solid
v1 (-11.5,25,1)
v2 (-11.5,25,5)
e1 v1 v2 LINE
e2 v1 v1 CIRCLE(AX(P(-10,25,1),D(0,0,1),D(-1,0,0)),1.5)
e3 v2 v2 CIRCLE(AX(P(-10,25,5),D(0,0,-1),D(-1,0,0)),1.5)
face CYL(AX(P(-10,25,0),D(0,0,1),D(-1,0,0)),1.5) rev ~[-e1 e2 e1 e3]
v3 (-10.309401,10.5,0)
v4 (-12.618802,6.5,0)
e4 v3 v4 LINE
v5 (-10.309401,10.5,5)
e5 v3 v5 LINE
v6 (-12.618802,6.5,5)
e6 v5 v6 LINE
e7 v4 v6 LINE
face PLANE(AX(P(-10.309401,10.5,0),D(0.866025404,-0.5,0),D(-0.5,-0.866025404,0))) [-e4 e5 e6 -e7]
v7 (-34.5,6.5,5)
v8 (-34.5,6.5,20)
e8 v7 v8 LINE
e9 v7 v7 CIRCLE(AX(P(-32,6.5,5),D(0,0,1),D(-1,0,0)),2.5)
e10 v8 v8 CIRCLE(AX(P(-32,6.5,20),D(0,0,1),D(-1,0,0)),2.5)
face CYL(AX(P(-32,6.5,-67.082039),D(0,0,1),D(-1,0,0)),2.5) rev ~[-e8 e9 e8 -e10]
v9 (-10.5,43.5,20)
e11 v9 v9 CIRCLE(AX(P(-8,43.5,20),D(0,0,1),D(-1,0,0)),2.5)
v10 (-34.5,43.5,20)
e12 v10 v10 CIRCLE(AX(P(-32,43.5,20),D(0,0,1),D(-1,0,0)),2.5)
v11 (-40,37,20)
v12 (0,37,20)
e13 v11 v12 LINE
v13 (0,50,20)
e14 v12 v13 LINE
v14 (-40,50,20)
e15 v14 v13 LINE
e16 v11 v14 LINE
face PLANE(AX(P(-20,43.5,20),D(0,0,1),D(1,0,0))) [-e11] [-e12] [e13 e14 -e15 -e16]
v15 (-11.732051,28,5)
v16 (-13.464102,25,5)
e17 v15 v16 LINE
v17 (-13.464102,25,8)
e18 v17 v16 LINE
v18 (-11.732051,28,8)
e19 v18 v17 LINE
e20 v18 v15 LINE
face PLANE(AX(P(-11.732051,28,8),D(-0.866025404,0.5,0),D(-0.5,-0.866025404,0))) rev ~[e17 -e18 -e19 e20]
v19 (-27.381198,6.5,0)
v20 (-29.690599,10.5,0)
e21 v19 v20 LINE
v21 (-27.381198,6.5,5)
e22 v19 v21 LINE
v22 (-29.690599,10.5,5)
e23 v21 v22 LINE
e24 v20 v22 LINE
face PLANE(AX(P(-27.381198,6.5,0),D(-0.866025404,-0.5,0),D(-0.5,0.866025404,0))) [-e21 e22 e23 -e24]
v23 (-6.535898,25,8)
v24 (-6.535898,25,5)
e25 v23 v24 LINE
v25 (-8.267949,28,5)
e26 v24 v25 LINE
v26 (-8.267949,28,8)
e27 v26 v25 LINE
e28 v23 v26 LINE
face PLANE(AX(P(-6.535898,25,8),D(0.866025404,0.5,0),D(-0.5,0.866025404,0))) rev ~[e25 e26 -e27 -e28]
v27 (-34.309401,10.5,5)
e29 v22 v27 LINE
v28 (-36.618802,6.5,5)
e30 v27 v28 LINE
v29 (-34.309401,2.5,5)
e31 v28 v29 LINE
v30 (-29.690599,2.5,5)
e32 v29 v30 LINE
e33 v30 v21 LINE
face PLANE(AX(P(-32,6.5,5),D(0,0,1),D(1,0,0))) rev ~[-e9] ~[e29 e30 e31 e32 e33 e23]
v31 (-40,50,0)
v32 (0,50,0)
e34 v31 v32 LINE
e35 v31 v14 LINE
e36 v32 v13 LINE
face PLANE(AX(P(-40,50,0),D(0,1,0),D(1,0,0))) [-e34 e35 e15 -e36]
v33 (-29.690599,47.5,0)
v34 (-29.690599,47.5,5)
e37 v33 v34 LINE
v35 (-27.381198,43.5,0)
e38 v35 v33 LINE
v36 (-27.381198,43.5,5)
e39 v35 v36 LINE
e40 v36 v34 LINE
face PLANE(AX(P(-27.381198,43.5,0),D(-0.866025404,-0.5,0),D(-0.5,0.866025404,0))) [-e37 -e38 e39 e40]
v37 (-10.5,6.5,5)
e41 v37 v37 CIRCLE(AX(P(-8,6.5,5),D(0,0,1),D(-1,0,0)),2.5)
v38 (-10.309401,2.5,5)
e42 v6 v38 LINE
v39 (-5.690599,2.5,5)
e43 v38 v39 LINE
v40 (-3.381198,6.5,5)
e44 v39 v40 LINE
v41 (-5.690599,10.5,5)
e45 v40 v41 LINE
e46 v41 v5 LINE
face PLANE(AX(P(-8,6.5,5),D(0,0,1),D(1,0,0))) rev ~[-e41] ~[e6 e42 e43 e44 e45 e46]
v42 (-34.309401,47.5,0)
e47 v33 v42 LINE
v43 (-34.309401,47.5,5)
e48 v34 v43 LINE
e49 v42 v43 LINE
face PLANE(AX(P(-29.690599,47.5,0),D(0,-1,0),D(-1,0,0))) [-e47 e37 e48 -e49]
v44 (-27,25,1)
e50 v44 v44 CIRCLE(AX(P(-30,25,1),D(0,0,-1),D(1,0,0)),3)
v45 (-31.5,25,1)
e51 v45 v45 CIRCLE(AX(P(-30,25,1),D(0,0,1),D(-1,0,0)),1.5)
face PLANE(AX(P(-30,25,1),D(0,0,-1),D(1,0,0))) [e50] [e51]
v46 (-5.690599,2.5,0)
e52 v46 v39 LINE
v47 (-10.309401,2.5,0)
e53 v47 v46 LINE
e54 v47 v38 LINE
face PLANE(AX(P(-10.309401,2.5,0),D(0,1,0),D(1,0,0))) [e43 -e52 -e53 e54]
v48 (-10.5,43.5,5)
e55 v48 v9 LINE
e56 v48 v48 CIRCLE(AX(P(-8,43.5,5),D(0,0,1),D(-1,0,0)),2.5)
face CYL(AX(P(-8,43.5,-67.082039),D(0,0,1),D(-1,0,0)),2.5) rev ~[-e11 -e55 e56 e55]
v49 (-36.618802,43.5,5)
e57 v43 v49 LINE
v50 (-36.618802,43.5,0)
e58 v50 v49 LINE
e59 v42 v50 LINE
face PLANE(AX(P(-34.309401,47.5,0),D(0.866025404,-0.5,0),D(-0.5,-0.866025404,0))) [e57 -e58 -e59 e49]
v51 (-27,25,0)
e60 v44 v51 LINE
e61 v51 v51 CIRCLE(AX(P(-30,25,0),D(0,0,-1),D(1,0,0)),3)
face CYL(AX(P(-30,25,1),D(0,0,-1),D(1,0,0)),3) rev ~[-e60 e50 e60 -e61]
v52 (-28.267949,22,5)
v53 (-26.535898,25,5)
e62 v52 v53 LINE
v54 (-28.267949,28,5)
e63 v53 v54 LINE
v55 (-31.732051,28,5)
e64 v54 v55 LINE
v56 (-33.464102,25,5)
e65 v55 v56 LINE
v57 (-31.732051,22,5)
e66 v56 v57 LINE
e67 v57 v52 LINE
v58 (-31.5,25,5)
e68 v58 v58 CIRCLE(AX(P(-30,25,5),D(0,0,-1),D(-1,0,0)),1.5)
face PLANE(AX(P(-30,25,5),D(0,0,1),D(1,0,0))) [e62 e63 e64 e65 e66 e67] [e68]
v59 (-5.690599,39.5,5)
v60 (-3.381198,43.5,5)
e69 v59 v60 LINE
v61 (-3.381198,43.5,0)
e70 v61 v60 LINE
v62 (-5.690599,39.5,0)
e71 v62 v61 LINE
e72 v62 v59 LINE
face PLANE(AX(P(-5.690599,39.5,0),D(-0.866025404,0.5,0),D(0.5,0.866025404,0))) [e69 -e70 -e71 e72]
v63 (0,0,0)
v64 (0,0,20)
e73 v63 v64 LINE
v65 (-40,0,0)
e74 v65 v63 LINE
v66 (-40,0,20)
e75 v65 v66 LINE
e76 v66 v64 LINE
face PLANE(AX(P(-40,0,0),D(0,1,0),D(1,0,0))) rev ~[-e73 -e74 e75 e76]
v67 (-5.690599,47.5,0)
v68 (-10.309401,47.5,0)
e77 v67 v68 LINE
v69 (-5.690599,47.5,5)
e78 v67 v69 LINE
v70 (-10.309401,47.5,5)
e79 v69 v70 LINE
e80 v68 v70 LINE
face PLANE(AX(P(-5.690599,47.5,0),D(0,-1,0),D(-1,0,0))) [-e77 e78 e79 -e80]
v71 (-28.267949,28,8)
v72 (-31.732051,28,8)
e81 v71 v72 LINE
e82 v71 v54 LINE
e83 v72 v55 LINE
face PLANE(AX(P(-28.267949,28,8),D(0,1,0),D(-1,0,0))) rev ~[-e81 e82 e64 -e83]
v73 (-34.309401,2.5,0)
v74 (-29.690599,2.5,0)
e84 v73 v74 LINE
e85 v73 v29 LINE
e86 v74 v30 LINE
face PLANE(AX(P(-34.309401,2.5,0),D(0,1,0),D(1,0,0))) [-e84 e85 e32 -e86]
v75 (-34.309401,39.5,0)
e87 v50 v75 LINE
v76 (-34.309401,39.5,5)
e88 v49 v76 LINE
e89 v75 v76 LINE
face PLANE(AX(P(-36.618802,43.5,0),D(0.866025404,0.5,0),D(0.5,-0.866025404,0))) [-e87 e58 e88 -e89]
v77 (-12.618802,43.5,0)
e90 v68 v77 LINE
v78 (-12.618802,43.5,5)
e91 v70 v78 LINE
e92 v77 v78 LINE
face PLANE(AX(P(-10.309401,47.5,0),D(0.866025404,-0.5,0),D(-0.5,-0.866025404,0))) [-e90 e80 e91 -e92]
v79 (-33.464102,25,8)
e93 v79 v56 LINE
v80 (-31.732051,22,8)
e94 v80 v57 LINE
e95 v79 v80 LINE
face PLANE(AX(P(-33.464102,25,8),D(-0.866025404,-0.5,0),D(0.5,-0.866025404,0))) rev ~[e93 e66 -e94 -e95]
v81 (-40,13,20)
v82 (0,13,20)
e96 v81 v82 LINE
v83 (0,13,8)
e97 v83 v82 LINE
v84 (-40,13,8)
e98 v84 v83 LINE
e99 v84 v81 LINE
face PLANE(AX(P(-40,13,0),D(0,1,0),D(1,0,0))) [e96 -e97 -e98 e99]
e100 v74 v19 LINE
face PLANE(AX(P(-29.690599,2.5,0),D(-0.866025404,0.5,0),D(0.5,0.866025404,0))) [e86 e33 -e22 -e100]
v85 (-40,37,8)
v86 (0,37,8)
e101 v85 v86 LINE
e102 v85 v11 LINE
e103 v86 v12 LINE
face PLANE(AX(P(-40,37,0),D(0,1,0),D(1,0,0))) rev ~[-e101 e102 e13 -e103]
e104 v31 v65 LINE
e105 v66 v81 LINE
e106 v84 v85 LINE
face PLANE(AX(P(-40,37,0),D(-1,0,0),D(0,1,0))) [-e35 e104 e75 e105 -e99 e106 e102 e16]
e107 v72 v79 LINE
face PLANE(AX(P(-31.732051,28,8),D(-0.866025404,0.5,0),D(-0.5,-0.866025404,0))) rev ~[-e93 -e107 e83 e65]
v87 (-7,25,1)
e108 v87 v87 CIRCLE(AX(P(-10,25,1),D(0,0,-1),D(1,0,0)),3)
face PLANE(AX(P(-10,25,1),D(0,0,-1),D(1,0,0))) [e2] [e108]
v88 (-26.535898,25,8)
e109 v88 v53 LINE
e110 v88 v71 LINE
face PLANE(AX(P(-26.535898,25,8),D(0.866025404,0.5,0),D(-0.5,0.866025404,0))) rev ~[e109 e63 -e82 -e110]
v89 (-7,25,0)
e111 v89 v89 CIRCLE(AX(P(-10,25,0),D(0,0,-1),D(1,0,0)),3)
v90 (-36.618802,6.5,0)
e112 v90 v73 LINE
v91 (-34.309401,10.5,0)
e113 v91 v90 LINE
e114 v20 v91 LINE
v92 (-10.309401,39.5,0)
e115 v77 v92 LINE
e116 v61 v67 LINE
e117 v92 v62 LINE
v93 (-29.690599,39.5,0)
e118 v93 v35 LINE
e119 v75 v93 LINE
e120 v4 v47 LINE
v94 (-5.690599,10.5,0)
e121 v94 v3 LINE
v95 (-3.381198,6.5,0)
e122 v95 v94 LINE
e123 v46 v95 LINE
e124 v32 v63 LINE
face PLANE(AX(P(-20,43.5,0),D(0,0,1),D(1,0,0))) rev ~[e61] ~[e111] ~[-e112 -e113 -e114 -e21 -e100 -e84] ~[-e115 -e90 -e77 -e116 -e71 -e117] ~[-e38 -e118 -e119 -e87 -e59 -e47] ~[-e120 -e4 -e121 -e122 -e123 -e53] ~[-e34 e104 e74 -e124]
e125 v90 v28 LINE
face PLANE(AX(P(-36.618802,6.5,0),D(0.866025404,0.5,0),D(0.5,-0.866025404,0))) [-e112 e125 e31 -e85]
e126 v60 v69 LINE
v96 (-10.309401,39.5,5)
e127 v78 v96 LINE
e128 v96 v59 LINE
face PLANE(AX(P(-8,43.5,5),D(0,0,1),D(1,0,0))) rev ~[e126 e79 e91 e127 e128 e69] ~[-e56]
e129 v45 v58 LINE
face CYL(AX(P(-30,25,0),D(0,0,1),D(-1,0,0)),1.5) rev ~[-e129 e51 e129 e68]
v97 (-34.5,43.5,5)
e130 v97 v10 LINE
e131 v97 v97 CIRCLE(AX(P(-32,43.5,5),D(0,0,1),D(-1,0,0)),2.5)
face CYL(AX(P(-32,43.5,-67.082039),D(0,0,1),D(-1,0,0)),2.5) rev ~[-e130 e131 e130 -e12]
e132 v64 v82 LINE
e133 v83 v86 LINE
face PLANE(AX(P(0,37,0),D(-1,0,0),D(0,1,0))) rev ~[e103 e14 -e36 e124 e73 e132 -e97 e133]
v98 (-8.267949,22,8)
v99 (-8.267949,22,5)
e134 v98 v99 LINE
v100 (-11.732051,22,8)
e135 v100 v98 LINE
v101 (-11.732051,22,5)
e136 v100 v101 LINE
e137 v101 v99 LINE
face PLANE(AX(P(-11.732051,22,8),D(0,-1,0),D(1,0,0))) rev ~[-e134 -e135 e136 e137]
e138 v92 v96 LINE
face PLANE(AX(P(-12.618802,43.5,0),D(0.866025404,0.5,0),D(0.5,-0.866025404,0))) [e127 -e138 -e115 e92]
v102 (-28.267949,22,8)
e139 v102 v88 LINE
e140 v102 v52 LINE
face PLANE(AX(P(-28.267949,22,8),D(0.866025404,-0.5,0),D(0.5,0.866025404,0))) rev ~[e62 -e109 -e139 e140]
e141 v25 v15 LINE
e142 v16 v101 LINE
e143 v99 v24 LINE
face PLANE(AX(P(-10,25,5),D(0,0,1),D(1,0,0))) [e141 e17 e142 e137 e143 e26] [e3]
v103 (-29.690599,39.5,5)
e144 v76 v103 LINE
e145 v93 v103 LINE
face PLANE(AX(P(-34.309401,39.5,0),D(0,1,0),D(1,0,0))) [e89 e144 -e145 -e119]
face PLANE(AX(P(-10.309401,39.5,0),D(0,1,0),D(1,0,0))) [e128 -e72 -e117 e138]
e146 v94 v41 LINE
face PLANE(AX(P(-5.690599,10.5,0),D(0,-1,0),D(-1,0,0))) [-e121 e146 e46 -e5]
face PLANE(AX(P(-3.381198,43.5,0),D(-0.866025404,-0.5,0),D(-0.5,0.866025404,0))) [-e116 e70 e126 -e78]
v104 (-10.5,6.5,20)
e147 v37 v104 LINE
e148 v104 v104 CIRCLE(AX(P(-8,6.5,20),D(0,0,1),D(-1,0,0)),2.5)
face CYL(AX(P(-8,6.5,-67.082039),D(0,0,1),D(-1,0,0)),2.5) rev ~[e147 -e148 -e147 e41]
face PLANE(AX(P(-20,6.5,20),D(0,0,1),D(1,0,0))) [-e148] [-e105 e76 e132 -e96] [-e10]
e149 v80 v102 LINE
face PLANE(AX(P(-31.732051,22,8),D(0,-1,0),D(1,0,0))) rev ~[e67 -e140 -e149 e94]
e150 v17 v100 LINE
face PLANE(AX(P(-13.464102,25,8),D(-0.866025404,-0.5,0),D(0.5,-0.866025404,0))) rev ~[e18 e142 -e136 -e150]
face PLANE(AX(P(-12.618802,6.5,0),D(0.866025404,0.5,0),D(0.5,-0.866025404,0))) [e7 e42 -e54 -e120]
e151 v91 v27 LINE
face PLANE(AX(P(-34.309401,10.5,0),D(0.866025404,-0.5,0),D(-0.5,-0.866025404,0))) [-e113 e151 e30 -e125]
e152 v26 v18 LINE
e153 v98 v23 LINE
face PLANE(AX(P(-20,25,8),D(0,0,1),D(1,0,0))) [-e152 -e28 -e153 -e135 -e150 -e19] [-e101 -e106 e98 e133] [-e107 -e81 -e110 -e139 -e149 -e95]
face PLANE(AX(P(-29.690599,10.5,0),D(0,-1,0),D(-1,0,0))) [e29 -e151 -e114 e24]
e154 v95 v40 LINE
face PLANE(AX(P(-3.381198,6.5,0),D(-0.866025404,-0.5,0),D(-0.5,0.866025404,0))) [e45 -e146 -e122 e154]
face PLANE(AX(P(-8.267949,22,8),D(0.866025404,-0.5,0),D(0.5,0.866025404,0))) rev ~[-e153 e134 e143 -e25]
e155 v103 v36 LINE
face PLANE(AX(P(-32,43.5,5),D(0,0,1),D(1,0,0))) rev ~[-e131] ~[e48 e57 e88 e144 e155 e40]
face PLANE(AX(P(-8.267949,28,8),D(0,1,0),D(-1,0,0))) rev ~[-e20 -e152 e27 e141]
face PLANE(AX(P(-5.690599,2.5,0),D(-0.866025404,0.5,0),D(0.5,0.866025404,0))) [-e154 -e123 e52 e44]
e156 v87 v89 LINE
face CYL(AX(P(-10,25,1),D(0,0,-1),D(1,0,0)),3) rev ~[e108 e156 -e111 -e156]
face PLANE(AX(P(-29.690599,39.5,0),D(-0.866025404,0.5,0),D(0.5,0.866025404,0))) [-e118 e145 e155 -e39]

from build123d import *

# Parameters (mm, degrees)
F0_W           = 40
F0_H           = 24
F1_DEPTH       = 8
F0_H_2         = 13
F2_DEPTH       = 20
F3_D           = 5
F5_DEPTH       = 5
F7_D           = 3
F7_CBORE_D     = 6
F7_CBORE_DEPTH = 1
F8_R           = 1.5
F9_DEPTH       = 3


with BuildPart() as f1:
    # F0 (on Top) → F1 (new body)
    with BuildSketch(Plane.XY):
        with Locations((-20, 25)):
            Rectangle(F0_W, F0_H)
    extrude(amount=F1_DEPTH)

    # F0 (on Top) → F2 (join)
    with BuildSketch(Plane.XY):
        with Locations((-20, 43.5)):
            Rectangle(F0_W, F0_H_2)
        with Locations((-20, 6.5)):
            Rectangle(F0_W, F0_H_2)
    extrude(amount=F2_DEPTH)

    # F3 (through all)
    with Locations(Plane(origin=(0, 0, 0), x_dir=(1, 0, 0), z_dir=(0, 0, -1))):
        with Locations((-8, -43.5), (-32, -43.5), (-32, -6.5), (-8, -6.5)):
            Hole(F3_D / 2)

    # F4 (on face) → F5 (cut)
    with BuildSketch(Plane.XY):
        Polygon((-29.6905989232, 10.5), (-34.3094010768, 10.5), (-36.6188021535, 6.5), (-34.3094010768, 2.5), (-29.6905989232, 2.5), (-27.3811978465, 6.5), align=None)
        Polygon((-5.6905989232, 10.5), (-10.3094010768, 10.5), (-12.6188021535, 6.5), (-10.3094010768, 2.5), (-5.6905989232, 2.5), (-3.3811978465, 6.5), align=None)
        Polygon((-5.6905989232, 47.5), (-10.3094010768, 47.5), (-12.6188021535, 43.5), (-10.3094010768, 39.5), (-5.6905989232, 39.5), (-3.3811978465, 43.5), align=None)
        Polygon((-29.6905989232, 47.5), (-34.3094010768, 47.5), (-36.6188021535, 43.5), (-34.3094010768, 39.5), (-29.6905989232, 39.5), (-27.3811978465, 43.5), align=None)
    extrude(amount=F5_DEPTH, mode=Mode.SUBTRACT)

    # F7 (through all)
    with Locations(Plane(origin=(0, 0, 0), x_dir=(1, 0, 0), z_dir=(0, 0, -1))):
        with Locations((-30, -25), (-10, -25)):
            CounterBoreHole(F7_D / 2, F7_CBORE_D / 2, F7_CBORE_DEPTH)

    # F8 (on face) → F9 (cut)
    with BuildSketch(Plane.XY.offset(8)):
        Polygon((-8.2679491924, 28), (-11.7320508076, 28), (-13.4641016151, 25), (-11.7320508076, 22), (-8.2679491924, 22), (-6.5358983849, 25), align=None)
        with Locations((-10, 25)):
            Circle(F8_R, mode=Mode.SUBTRACT)
        Polygon((-28.2679491924, 28), (-31.7320508076, 28), (-33.4641016151, 25), (-31.7320508076, 22), (-28.2679491924, 22), (-26.5358983849, 25), align=None)
        with Locations((-30, 25)):
            Circle(F8_R, mode=Mode.SUBTRACT)
    extrude(amount=-F9_DEPTH, mode=Mode.SUBTRACT)


solid = f1.part
